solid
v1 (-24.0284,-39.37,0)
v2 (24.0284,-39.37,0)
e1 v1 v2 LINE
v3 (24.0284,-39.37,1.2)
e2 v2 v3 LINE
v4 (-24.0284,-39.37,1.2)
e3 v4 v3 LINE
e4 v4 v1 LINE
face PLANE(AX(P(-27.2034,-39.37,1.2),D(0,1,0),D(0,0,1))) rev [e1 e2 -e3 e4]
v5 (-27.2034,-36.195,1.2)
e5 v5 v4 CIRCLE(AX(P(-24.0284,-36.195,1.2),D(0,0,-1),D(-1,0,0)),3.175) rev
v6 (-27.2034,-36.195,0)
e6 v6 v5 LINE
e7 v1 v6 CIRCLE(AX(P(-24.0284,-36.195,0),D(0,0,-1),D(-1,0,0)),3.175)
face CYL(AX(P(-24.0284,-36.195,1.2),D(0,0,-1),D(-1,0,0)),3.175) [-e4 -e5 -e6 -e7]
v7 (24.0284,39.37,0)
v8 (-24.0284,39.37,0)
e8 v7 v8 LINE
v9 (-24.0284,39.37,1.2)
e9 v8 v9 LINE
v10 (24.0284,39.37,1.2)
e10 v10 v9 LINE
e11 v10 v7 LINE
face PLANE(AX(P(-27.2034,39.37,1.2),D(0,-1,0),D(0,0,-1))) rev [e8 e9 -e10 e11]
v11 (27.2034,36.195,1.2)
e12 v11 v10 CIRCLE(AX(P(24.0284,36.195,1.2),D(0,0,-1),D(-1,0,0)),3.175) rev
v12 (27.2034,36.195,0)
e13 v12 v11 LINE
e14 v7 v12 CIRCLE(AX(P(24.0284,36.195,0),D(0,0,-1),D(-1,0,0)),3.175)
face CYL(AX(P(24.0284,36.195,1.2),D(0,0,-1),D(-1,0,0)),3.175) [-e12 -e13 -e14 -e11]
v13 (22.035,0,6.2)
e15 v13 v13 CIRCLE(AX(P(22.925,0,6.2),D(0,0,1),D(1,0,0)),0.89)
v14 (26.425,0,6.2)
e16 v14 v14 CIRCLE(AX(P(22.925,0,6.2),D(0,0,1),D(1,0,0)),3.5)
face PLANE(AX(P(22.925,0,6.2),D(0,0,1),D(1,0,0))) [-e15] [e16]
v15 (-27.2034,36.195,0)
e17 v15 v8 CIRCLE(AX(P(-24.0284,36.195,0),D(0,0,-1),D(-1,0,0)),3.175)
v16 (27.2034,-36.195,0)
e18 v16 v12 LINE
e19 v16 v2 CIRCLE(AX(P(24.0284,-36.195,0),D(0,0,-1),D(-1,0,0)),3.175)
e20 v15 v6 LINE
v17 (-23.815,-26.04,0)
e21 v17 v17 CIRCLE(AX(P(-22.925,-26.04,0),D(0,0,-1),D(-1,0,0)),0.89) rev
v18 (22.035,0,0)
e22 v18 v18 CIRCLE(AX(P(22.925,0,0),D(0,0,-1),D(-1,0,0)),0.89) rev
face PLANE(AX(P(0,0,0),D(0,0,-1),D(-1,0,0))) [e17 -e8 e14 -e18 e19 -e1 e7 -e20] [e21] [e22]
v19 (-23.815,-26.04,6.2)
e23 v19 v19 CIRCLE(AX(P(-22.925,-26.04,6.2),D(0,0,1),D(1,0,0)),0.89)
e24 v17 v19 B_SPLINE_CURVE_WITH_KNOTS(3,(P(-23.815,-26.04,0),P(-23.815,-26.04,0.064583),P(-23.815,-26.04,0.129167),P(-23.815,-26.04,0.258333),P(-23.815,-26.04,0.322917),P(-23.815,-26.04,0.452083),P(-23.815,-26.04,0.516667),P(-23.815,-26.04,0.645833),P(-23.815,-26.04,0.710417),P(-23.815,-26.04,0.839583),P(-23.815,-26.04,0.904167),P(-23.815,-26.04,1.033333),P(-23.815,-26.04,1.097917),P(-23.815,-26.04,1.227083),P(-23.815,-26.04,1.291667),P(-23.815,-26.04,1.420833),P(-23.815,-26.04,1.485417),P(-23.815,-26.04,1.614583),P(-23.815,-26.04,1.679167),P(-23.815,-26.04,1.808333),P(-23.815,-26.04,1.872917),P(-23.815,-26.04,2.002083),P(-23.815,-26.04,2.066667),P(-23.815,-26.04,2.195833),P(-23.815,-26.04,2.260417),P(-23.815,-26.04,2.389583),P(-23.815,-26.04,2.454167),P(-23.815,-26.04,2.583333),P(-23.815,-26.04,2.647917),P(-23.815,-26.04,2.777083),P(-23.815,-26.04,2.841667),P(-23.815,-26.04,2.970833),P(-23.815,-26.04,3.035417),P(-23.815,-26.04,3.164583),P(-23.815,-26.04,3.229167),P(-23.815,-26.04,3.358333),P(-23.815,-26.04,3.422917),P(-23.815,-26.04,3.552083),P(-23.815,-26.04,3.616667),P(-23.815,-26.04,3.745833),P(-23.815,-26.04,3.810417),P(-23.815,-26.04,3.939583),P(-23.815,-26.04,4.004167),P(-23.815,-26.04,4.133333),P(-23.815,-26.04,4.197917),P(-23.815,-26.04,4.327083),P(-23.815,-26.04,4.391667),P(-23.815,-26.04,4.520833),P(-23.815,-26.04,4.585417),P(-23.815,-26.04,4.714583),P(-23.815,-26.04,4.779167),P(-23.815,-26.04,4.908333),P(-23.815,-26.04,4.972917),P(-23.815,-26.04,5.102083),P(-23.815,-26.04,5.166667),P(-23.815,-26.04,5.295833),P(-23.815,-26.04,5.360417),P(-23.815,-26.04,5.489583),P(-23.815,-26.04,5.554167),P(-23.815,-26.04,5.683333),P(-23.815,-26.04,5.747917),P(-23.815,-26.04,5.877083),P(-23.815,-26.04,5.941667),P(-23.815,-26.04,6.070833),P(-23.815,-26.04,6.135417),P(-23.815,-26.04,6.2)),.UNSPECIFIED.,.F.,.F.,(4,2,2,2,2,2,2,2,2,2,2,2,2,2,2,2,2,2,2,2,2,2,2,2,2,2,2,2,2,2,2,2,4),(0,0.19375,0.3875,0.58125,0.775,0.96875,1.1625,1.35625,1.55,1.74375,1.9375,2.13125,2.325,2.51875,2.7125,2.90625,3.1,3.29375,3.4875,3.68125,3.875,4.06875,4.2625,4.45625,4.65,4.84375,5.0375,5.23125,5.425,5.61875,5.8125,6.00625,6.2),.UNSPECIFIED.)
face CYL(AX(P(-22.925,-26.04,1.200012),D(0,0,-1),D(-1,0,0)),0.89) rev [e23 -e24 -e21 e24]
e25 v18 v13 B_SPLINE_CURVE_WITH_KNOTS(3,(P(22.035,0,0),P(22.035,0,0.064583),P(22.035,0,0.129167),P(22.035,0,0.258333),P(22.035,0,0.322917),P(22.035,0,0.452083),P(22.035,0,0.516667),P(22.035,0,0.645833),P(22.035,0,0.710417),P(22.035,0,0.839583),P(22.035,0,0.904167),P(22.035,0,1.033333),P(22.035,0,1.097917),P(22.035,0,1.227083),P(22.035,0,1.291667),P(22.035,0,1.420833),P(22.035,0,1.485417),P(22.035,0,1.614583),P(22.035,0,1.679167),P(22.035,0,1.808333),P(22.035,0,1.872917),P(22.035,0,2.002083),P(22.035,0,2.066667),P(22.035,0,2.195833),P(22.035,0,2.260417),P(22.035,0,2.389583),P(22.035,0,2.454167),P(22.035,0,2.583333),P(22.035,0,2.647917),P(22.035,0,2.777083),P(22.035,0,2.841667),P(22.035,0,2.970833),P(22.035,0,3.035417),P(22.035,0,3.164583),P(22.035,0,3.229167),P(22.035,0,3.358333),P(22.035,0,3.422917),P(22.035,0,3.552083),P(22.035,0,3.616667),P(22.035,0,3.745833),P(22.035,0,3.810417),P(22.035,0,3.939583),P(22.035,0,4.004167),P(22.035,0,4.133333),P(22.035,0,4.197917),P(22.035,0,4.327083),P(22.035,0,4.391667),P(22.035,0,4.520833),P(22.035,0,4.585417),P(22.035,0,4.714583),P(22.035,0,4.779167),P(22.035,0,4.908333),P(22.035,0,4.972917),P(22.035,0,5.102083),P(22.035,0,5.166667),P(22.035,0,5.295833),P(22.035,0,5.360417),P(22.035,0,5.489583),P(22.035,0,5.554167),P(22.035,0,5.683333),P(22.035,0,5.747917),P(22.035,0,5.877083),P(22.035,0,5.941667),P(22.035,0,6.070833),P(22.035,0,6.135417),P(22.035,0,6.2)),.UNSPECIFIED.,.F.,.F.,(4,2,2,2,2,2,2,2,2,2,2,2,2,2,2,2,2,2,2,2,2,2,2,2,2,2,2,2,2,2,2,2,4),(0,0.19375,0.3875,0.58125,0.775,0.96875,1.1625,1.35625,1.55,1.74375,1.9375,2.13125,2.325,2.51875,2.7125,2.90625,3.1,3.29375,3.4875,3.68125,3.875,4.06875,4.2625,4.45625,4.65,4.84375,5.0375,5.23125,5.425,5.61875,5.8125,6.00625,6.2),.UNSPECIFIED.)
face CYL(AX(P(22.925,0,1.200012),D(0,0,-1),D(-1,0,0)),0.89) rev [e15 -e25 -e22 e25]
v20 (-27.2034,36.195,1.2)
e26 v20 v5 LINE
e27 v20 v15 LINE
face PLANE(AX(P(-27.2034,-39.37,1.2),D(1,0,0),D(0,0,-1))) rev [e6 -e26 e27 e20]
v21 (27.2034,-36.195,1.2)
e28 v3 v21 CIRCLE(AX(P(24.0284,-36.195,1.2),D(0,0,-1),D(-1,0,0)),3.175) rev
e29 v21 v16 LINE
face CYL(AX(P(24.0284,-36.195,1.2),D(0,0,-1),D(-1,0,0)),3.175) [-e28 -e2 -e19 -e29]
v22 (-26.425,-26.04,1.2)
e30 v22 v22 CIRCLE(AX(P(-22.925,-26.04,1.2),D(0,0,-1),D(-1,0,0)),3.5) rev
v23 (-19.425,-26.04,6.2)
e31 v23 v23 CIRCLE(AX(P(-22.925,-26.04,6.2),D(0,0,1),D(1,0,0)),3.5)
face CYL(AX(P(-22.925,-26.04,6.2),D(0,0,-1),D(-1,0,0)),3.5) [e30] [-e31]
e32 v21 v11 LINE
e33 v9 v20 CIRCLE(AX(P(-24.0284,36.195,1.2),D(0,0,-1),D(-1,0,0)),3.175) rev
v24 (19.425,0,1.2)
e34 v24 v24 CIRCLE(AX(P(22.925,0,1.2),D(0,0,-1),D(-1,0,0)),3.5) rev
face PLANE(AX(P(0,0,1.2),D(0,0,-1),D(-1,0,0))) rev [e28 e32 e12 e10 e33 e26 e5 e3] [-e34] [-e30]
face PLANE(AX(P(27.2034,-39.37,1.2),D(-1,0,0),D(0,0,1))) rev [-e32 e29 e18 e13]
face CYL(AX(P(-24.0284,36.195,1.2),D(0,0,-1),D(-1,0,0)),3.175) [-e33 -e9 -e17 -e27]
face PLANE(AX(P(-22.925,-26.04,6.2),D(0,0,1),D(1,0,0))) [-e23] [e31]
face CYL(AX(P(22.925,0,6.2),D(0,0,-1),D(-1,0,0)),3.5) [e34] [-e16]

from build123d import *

# Parameters (mm, degrees)
SKETCH1_W                      = 54.4068
SKETCH1_H                      = 78.74
BOSS_EXTRUDE1_DEPTH            = 1.2
FILLET1_R                      = 3.175
CUT_EXTRUDE1_REACH             = 49.869
SKETCH2_R                      = 0.89
CUT_EXTRUDE1_DIRECTION_2_DEPTH = 48.869216325
BOSS_EXTRUDE2_START            = 5
SKETCH4_R                      = 3.5
SKETCH4_R_2                    = 0.89
BOSS_EXTRUDE2_DEPTH            = 5


with BuildPart() as part:
    # Sketch1 → Boss-Extrude1 (new body)
    with BuildSketch(Plane.XY):
        Rectangle(SKETCH1_W, SKETCH1_H)
    extrude(amount=BOSS_EXTRUDE1_DEPTH)

    # Fillet1
    fillet1_edges = [part.edges().sort_by_distance(p)[0] for p in [
        (27.2034, -39.37, 0.6),
        (-27.2034, -39.37, 0.6),
        (-27.2034, 39.37, 0.6),
        (27.2034, 39.37, 0.6),
    ]]
    fillet(fillet1_edges, radius=FILLET1_R)

    # Sketch2 → Cut-Extrude1 (cut, up to next)
    with BuildSketch(Plane.XY.offset(1.2), mode=Mode.PRIVATE) as cut_extrude1_sk1:
        with Locations(Location((-22.925, -26.04, 0), (0, 0, 180))):
            Circle(SKETCH2_R)
    cut_extrude1_tool1 = extrude(cut_extrude1_sk1.sketch, amount=-CUT_EXTRUDE1_REACH, mode=Mode.PRIVATE) & part.part
    # Sketch2 → Cut-Extrude1 (cut, up to next)
    with BuildSketch(Plane.XY.offset(1.2), mode=Mode.PRIVATE) as cut_extrude1_sk2:
        with Locations(Location((22.925, 0, 0), (0, 0, 180))):
            Circle(SKETCH2_R)
    cut_extrude1_tool2 = extrude(cut_extrude1_sk2.sketch, amount=-CUT_EXTRUDE1_REACH, mode=Mode.PRIVATE) & part.part
    add(cut_extrude1_tool1.solids().sort_by_distance((-22.925, -26.04, 1.2))[0], mode=Mode.SUBTRACT)
    add(cut_extrude1_tool2.solids().sort_by_distance((22.925, 0, 1.2))[0], mode=Mode.SUBTRACT)

    # Sketch2 → Cut-Extrude1 direction 2 (cut)
    with BuildSketch(Plane.XY.offset(1.2)):
        with Locations(Location((-22.925, -26.04, 0), (0, 0, 180))):
            Circle(SKETCH2_R)
        with Locations(Location((22.925, 0, 0), (0, 0, 180))):
            Circle(SKETCH2_R)
    extrude(amount=CUT_EXTRUDE1_DIRECTION_2_DEPTH, mode=Mode.SUBTRACT)

    # Sketch4 → Boss-Extrude2 (add)
    # profile 1 of 2: a face of its own
    with BuildSketch(Plane.XY.offset(1.2).offset(BOSS_EXTRUDE2_START)):
        with Locations(Location((-22.925, -26.04, 0), (0, 0, 180))):
            Circle(SKETCH4_R)
        with Locations(Location((-22.925, -26.04, 0), (0, 0, 180))):
            Circle(SKETCH4_R_2, mode=Mode.SUBTRACT)
    # profile 2 of 2: a face of its own
    with BuildSketch(Plane.XY.offset(1.2).offset(BOSS_EXTRUDE2_START)):
        with Locations(Location((22.925, 0, 0), (0, 0, 180))):
            Circle(SKETCH4_R)
        with Locations(Location((22.925, 0, 0), (0, 0, 180))):
            Circle(SKETCH4_R_2, mode=Mode.SUBTRACT)
    extrude(amount=-BOSS_EXTRUDE2_DEPTH)


solid = part.part
